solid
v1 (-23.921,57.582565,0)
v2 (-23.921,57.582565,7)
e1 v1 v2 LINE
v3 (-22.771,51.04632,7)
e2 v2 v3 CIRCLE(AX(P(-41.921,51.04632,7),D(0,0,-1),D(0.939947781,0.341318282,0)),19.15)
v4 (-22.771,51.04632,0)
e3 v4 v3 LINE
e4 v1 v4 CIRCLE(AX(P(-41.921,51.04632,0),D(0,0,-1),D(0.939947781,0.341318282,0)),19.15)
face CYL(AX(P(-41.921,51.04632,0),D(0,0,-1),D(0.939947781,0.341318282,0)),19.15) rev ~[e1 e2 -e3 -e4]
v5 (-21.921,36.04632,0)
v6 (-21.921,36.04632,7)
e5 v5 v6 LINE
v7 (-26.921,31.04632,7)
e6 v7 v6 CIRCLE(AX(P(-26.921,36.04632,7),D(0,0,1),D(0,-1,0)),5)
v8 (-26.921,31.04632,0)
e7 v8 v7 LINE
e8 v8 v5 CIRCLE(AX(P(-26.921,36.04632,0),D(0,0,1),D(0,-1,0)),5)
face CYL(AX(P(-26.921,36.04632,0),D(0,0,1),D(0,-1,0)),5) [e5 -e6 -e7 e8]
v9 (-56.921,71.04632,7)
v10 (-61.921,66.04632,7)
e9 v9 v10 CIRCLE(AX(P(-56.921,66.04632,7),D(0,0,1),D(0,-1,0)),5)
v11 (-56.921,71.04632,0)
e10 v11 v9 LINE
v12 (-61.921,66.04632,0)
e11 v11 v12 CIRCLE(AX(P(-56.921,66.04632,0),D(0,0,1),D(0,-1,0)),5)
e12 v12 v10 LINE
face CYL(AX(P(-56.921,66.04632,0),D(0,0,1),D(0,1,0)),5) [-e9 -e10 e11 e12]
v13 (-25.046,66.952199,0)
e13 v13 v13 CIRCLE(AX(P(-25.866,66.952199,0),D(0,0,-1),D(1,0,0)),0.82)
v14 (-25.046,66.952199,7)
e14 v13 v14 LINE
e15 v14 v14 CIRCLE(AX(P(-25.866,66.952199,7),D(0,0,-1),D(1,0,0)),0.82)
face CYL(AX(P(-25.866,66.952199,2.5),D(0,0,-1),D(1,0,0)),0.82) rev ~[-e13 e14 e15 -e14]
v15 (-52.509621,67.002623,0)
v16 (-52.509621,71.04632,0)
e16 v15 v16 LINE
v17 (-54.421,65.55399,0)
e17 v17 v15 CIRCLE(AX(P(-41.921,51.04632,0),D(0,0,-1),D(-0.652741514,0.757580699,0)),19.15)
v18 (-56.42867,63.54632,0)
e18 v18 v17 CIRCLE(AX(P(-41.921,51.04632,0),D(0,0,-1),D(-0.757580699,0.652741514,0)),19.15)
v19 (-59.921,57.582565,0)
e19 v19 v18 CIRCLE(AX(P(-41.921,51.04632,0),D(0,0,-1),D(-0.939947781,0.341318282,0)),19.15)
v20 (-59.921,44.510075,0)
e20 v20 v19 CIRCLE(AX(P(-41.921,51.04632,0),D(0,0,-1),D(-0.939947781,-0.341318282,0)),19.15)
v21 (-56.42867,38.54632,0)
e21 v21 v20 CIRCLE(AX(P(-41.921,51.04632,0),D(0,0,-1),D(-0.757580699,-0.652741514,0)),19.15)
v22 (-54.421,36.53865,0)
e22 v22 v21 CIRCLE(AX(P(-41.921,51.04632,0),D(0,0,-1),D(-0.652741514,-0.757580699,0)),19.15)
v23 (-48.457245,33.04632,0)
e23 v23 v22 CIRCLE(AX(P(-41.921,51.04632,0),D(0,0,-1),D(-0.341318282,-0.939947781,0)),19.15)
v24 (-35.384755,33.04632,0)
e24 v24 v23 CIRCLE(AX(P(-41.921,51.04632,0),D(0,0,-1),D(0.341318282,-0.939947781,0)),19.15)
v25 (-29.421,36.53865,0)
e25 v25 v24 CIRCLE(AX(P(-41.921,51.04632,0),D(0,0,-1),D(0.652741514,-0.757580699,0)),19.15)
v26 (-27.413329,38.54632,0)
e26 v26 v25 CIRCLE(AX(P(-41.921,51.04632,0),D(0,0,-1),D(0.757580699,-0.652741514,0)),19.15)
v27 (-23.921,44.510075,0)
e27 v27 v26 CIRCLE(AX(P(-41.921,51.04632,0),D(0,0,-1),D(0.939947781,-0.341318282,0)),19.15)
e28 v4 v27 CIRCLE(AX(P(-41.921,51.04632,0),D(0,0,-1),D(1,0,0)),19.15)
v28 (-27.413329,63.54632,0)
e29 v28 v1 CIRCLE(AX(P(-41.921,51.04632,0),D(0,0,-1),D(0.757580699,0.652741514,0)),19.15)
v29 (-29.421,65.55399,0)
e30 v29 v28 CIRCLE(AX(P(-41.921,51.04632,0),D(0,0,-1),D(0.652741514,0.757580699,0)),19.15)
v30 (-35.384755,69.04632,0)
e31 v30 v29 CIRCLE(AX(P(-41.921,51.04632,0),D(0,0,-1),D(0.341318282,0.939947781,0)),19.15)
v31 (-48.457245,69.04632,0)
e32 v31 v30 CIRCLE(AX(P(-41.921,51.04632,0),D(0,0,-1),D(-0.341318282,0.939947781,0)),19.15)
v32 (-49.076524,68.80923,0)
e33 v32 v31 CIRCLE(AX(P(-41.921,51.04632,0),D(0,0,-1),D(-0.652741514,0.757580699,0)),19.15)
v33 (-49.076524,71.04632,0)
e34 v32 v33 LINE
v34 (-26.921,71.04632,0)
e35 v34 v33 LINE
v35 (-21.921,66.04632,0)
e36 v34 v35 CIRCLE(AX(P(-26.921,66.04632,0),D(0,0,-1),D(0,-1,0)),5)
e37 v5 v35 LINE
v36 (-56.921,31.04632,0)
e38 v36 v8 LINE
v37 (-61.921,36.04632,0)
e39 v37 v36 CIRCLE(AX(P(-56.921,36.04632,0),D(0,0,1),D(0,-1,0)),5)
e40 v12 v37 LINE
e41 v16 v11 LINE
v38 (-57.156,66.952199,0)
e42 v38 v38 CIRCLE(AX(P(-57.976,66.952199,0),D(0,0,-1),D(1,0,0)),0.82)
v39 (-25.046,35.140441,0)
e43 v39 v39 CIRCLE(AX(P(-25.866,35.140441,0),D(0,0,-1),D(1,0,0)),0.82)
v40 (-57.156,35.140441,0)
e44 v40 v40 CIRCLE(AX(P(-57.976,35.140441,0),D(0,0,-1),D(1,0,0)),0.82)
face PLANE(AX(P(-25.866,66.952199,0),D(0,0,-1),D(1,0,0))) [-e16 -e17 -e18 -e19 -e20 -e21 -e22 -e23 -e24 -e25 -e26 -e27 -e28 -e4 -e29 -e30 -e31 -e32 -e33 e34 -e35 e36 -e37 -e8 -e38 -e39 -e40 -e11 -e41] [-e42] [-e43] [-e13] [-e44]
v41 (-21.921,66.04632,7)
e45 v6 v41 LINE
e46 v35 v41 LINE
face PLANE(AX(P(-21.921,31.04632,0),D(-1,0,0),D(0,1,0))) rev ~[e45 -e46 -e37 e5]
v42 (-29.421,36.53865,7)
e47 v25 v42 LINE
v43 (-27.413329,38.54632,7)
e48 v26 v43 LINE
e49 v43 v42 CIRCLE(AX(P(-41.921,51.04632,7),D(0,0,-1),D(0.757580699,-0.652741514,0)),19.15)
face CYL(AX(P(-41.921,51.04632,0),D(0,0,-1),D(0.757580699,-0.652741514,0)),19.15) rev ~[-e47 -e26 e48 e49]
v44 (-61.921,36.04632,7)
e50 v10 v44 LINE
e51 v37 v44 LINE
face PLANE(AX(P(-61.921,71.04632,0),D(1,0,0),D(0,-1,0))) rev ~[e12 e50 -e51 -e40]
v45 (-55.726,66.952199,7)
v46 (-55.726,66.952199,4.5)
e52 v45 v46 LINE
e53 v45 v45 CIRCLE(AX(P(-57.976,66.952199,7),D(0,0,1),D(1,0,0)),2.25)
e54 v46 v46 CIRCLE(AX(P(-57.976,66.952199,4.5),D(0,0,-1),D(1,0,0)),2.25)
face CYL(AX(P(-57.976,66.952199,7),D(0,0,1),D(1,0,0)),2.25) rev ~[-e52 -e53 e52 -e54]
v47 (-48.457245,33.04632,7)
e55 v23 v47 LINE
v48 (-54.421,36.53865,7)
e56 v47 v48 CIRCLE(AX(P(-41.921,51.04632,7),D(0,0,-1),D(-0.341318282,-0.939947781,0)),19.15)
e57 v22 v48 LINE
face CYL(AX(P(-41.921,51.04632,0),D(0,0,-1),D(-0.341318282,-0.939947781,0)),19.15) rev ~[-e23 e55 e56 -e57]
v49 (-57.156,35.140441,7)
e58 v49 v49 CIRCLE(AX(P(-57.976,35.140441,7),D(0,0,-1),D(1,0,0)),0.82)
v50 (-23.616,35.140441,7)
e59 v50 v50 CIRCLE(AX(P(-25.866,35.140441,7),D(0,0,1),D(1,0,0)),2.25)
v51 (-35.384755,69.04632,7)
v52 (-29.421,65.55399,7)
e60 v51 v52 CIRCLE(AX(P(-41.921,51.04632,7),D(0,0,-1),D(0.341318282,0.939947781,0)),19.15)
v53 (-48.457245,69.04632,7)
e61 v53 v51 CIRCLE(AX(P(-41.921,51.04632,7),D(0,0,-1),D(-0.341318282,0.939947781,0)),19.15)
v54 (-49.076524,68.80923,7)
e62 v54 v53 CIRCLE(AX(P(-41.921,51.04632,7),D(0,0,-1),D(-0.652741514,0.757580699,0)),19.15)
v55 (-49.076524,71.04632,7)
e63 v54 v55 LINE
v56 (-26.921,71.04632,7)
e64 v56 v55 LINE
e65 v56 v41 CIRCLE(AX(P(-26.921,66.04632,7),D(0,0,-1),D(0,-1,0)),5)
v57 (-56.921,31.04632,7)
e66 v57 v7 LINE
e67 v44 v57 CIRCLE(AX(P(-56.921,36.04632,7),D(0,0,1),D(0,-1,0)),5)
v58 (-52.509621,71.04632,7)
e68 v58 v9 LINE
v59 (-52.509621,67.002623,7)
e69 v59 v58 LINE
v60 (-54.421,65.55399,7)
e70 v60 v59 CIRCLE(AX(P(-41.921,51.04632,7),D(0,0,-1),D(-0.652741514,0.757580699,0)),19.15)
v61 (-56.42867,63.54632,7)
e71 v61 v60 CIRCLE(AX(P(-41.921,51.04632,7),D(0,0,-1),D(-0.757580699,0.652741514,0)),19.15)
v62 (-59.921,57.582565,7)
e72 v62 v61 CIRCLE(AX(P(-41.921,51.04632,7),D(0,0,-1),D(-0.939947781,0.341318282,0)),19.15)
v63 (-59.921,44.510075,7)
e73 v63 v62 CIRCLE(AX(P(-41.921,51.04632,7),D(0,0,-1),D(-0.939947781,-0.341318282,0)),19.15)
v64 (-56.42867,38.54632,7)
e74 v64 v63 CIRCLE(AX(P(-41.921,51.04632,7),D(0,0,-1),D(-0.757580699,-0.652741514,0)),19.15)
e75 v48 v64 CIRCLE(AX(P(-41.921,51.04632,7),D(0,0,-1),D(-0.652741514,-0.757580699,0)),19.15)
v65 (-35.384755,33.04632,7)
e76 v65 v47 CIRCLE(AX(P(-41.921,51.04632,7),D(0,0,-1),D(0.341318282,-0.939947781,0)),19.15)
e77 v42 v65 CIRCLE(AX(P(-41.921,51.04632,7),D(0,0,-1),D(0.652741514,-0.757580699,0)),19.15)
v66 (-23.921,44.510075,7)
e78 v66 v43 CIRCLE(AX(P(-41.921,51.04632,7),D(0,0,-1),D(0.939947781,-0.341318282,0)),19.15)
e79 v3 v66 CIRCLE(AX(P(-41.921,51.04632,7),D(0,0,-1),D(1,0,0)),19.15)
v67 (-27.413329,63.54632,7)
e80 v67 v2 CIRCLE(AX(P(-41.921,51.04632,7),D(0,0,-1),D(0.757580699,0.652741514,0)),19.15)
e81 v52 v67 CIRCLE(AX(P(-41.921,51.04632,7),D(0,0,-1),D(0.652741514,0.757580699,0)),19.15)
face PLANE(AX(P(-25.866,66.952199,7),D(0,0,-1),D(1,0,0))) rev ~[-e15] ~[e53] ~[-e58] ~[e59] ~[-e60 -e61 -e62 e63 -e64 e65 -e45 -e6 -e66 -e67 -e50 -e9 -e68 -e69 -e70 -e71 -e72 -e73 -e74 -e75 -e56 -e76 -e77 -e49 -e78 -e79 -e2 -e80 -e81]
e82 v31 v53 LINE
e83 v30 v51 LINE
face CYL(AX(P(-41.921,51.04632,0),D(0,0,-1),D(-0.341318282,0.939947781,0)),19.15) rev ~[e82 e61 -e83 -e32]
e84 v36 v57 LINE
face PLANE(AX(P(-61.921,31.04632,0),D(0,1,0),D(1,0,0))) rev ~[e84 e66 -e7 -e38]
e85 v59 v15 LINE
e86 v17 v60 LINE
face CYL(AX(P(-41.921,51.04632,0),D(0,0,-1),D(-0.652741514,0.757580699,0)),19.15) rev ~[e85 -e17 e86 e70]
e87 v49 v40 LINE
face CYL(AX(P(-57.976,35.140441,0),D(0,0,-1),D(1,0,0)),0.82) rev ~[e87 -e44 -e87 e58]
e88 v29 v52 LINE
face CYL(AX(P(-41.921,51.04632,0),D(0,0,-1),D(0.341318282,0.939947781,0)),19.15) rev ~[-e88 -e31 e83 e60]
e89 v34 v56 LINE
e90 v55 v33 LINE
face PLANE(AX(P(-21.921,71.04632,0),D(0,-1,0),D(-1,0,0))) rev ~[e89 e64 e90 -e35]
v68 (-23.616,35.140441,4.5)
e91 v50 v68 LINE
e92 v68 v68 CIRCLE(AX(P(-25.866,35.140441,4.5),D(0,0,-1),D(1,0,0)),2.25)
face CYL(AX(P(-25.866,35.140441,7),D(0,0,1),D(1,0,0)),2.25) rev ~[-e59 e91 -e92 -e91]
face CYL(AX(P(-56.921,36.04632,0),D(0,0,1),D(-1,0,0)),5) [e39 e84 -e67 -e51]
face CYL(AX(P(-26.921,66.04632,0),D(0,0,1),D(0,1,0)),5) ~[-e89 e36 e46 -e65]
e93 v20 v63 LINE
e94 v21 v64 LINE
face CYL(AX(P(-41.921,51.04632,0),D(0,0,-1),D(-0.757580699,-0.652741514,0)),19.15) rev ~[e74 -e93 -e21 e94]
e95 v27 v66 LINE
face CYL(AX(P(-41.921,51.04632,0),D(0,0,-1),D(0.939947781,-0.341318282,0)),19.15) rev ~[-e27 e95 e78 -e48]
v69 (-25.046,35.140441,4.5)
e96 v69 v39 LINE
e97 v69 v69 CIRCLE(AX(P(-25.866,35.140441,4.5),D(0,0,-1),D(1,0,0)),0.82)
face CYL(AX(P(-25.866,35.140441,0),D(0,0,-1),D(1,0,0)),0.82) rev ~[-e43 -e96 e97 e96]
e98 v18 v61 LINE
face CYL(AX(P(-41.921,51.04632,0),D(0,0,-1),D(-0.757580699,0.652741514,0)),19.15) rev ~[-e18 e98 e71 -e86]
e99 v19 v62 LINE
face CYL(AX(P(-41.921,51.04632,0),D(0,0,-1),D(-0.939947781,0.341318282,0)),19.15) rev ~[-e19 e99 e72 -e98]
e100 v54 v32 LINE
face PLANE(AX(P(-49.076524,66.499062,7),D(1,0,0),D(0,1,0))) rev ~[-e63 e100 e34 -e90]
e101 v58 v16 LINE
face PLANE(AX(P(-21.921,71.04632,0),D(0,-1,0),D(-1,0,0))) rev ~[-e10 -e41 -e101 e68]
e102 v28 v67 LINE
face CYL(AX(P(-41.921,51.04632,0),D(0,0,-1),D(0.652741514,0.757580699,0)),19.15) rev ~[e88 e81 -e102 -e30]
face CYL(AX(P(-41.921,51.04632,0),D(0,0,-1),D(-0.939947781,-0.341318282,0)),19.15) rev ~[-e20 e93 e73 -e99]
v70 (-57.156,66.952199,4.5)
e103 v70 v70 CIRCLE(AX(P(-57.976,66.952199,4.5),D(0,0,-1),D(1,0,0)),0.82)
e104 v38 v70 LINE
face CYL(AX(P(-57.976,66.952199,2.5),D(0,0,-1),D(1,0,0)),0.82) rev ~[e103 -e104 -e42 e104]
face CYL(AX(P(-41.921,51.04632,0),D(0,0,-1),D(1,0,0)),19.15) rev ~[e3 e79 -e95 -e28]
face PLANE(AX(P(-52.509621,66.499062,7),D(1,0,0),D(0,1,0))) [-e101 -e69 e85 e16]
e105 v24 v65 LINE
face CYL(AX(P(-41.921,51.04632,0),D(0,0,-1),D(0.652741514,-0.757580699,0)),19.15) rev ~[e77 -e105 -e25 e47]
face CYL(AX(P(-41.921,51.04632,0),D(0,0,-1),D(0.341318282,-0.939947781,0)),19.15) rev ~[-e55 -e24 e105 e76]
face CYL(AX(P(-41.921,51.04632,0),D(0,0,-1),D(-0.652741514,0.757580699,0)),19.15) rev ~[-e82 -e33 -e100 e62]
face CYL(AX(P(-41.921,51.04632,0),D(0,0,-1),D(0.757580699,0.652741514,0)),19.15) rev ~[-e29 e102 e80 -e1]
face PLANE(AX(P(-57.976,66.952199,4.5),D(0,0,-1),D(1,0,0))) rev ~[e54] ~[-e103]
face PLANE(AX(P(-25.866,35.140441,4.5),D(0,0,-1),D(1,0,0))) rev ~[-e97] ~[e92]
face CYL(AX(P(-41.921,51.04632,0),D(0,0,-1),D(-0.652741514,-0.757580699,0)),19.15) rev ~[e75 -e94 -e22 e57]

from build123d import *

# Parameters (mm, degrees)
F0_R      = 2
F1_DEPTH  = 7
F2_R      = 5
F3_W      = 3.4330971539
F3_H      = 4.5472582311
F4_DEPTH  = 25
F5_R      = 2.25
F6_DEPTH  = 25
F7_R      = 2.25
F7_R_2    = 0.82
F8_DEPTH  = 2.5
F9_DEPTH  = 4.5
F10_DEPTH = 2


with BuildPart() as f1:
    # F0 (on Top) → F1 (new body)
    with BuildSketch(Plane.XY):
        with BuildLine():
            Line((-23.9209998254, 63.5463201136), (-21.9209998254, 63.5463201136))
            Line((-21.9209998254, 63.5463201136), (-21.9209998254, 71.0463201136))
            Line((-21.9209998254, 71.0463201136), (-29.4209998254, 71.0463201136))
            Line((-29.4209998254, 71.0463201136), (-29.4209998254, 69.0463201136))
            Line((-29.4209998254, 69.0463201136), (-29.4209998254, 65.5539904986))
            ThreePointArc((-29.4209998254, 65.5539904986), (-28.3799049656, 64.5874149733), (-27.4133294404, 63.5463201136))
            Line((-27.4133294404, 63.5463201136), (-23.9209998254, 63.5463201136))
        make_face()
        with Locations((-25.8659998254, 66.9521987438)):
            Circle(F0_R, mode=Mode.SUBTRACT)
        with BuildLine():
            Line((-29.4209998254, 65.5539904986), (-29.4209998254, 69.0463201136))
            Line((-29.4209998254, 69.0463201136), (-35.3847547259, 69.0463201136))
            ThreePointArc((-35.3847547259, 69.0463201136), (-32.244029824, 67.5714147152), (-29.4209998254, 65.5539904986))
        make_face()
        with BuildLine():
            Line((-29.4209998254, 69.0463201136), (-29.4209998254, 71.0463201136))
            Line((-29.4209998254, 71.0463201136), (-54.4209998254, 71.0463201136))
            Line((-54.4209998254, 71.0463201136), (-54.4209998254, 69.0463201136))
            Line((-54.4209998254, 69.0463201136), (-48.4572449248, 69.0463201136))
            ThreePointArc((-48.4572449248, 69.0463201136), (-41.9209998254, 70.1963201136), (-35.3847547259, 69.0463201136))
            Line((-35.3847547259, 69.0463201136), (-29.4209998254, 69.0463201136))
        make_face()
        with BuildLine():
            Line((-48.4572449248, 69.0463201136), (-54.4209998254, 69.0463201136))
            Line((-54.4209998254, 69.0463201136), (-54.4209998254, 65.5539904986))
            ThreePointArc((-54.4209998254, 65.5539904986), (-51.5979698267, 67.5714147152), (-48.4572449248, 69.0463201136))
        make_face()
        with BuildLine():
            Line((-61.9209998254, 71.0463201136), (-61.9209998254, 63.5463201136))
            Line((-61.9209998254, 63.5463201136), (-59.9209998254, 63.5463201136))
            Line((-59.9209998254, 63.5463201136), (-56.4286702104, 63.5463201136))
            ThreePointArc((-56.4286702104, 63.5463201136), (-55.4620946851, 64.5874149733), (-54.4209998254, 65.5539904986))
            Line((-54.4209998254, 65.5539904986), (-54.4209998254, 69.0463201136))
            Line((-54.4209998254, 69.0463201136), (-54.4209998254, 71.0463201136))
            Line((-54.4209998254, 71.0463201136), (-61.9209998254, 71.0463201136))
        make_face()
        with Locations((-57.9759998254, 66.9521987438)):
            Circle(F0_R, mode=Mode.SUBTRACT)
        with BuildLine():
            Line((-56.4286702104, 63.5463201136), (-59.9209998254, 63.5463201136))
            Line((-59.9209998254, 63.5463201136), (-59.9209998254, 57.582565213))
            ThreePointArc((-59.9209998254, 57.582565213), (-58.446094427, 60.7232901149), (-56.4286702104, 63.5463201136))
        make_face()
        with BuildLine():
            Line((-61.9209998254, 63.5463201136), (-61.9209998254, 38.5463201136))
            Line((-61.9209998254, 38.5463201136), (-59.9209998254, 38.5463201136))
            Line((-59.9209998254, 38.5463201136), (-59.9209998254, 44.5100750141))
            ThreePointArc((-59.9209998254, 44.5100750141), (-61.0709998254, 51.0463201136), (-59.9209998254, 57.582565213))
            Line((-59.9209998254, 57.582565213), (-59.9209998254, 63.5463201136))
            Line((-59.9209998254, 63.5463201136), (-61.9209998254, 63.5463201136))
        make_face()
        with BuildLine():
            Line((-59.9209998254, 44.5100750141), (-59.9209998254, 38.5463201136))
            Line((-59.9209998254, 38.5463201136), (-56.4286702104, 38.5463201136))
            ThreePointArc((-56.4286702104, 38.5463201136), (-58.446094427, 41.3693501123), (-59.9209998254, 44.5100750141))
        make_face()
        with BuildLine():
            Line((-61.9209998254, 31.0463201136), (-54.4209998254, 31.0463201136))
            Line((-54.4209998254, 31.0463201136), (-54.4209998254, 33.0463201136))
            Line((-54.4209998254, 33.0463201136), (-54.4209998254, 36.5386497286))
            ThreePointArc((-54.4209998254, 36.5386497286), (-55.4620946851, 37.5052252539), (-56.4286702104, 38.5463201136))
            Line((-56.4286702104, 38.5463201136), (-59.9209998254, 38.5463201136))
            Line((-59.9209998254, 38.5463201136), (-61.9209998254, 38.5463201136))
            Line((-61.9209998254, 38.5463201136), (-61.9209998254, 31.0463201136))
        make_face()
        with Locations((-57.9759998254, 35.1404414833)):
            Circle(F0_R, mode=Mode.SUBTRACT)
        with BuildLine():
            Line((-54.4209998254, 36.5386497286), (-54.4209998254, 33.0463201136))
            Line((-54.4209998254, 33.0463201136), (-48.4572449248, 33.0463201136))
            ThreePointArc((-48.4572449248, 33.0463201136), (-51.5979698267, 34.5212255119), (-54.4209998254, 36.5386497286))
        make_face()
        with BuildLine():
            Line((-54.4209998254, 31.0463201136), (-29.4209998254, 31.0463201136))
            Line((-29.4209998254, 31.0463201136), (-29.4209998254, 33.0463201136))
            Line((-29.4209998254, 33.0463201136), (-35.3847547259, 33.0463201136))
            ThreePointArc((-35.3847547259, 33.0463201136), (-41.9209998254, 31.8963201136), (-48.4572449248, 33.0463201136))
            Line((-48.4572449248, 33.0463201136), (-54.4209998254, 33.0463201136))
            Line((-54.4209998254, 33.0463201136), (-54.4209998254, 31.0463201136))
        make_face()
        with BuildLine():
            Line((-35.3847547259, 33.0463201136), (-29.4209998254, 33.0463201136))
            Line((-29.4209998254, 33.0463201136), (-29.4209998254, 36.5386497286))
            ThreePointArc((-29.4209998254, 36.5386497286), (-32.244029824, 34.5212255119), (-35.3847547259, 33.0463201136))
        make_face()
        with BuildLine():
            Line((-29.4209998254, 31.0463201136), (-21.9209998254, 31.0463201136))
            Line((-21.9209998254, 31.0463201136), (-21.9209998254, 38.5463201136))
            Line((-21.9209998254, 38.5463201136), (-23.9209998254, 38.5463201136))
            Line((-23.9209998254, 38.5463201136), (-27.4133294404, 38.5463201136))
            ThreePointArc((-27.4133294404, 38.5463201136), (-28.3799049656, 37.5052252539), (-29.4209998254, 36.5386497286))
            Line((-29.4209998254, 36.5386497286), (-29.4209998254, 33.0463201136))
            Line((-29.4209998254, 33.0463201136), (-29.4209998254, 31.0463201136))
        make_face()
        with Locations((-25.8659998254, 35.1404414833)):
            Circle(F0_R, mode=Mode.SUBTRACT)
        with BuildLine():
            Line((-27.4133294404, 38.5463201136), (-23.9209998254, 38.5463201136))
            Line((-23.9209998254, 38.5463201136), (-23.9209998254, 44.5100750141))
            ThreePointArc((-23.9209998254, 44.5100750141), (-25.3959052237, 41.3693501123), (-27.4133294404, 38.5463201136))
        make_face()
        with BuildLine():
            Line((-23.9209998254, 38.5463201136), (-21.9209998254, 38.5463201136))
            Line((-21.9209998254, 38.5463201136), (-21.9209998254, 63.5463201136))
            Line((-21.9209998254, 63.5463201136), (-23.9209998254, 63.5463201136))
            Line((-23.9209998254, 63.5463201136), (-23.9209998254, 57.582565213))
            ThreePointArc((-23.9209998254, 57.582565213), (-23.0606909732, 54.3646404718), (-22.7709998254, 51.0463201136))
            ThreePointArc((-22.7709998254, 51.0463201136), (-23.0606909732, 47.7279997553), (-23.9209998254, 44.5100750141))
            Line((-23.9209998254, 44.5100750141), (-23.9209998254, 38.5463201136))
        make_face()
        with BuildLine():
            Line((-23.9209998254, 57.582565213), (-23.9209998254, 63.5463201136))
            Line((-23.9209998254, 63.5463201136), (-27.4133294404, 63.5463201136))
            ThreePointArc((-27.4133294404, 63.5463201136), (-25.3959052237, 60.7232901149), (-23.9209998254, 57.582565213))
        make_face()
    extrude(amount=F1_DEPTH)

    # F2
    f2_edges = [f1.edges().sort_by_distance(p)[0] for p in [
        (-21.921, 31.04632, 3.5),
        (-61.921, 31.04632, 3.5),
        (-21.921, 71.04632, 3.5),
        (-61.921, 71.04632, 3.5),
    ]]
    fillet(f2_edges, radius=F2_R)

    # F3 (on face) → F4 (cut)
    with BuildSketch(Plane.XY.offset(7)):
        with Locations((-50.7930722088, 68.772690998)):
            Rectangle(F3_W, F3_H)
    extrude(amount=-F4_DEPTH, mode=Mode.SUBTRACT)

    # F5 (on face) → F6 (cut)
    with BuildSketch(Plane.XY.offset(7)):
        with Locations((-57.9759998254, 66.9521987438)):
            Circle(F5_R)
        with Locations((-25.8659998254, 66.9521987438)):
            Circle(F5_R)
        with Locations((-25.8659998254, 35.1404414833)):
            Circle(F5_R)
        with Locations((-57.9759998254, 35.1404414833)):
            Circle(F5_R)
    extrude(amount=-F6_DEPTH, mode=Mode.SUBTRACT)

    # F7 (on face) → F8 (join)
    with BuildSketch(Plane(origin=(0, 0, 0), x_dir=(1, 0, 0), z_dir=(0, 0, -1))):
        with Locations((-25.8659998254, -66.9521987438)):
            Circle(F7_R)
        with Locations((-25.8659998254, -66.9521987438)):
            Circle(F7_R_2, mode=Mode.SUBTRACT)
        with Locations((-57.9759998254, -66.9521987438)):
            Circle(F7_R)
        with Locations((-57.9759998254, -66.9521987438)):
            Circle(F7_R_2, mode=Mode.SUBTRACT)
        with Locations((-57.9759998254, -35.1404414833)):
            Circle(F7_R)
        with Locations((-57.9759998254, -35.1404414833)):
            Circle(F7_R_2, mode=Mode.SUBTRACT)
        with Locations((-25.8659998254, -35.1404414833)):
            Circle(F7_R)
        with Locations((-25.8659998254, -35.1404414833)):
            Circle(F7_R_2, mode=Mode.SUBTRACT)
    extrude(amount=-F8_DEPTH)

    # F9 (add): faces of the model
    f9_faces = [f1.faces().sort_by_distance(p)[0] for p in [
        (-28.0523602151, 66.9521987438, 2.5),
        (-60.1623602151, 35.1404414833, 2.5),
    ]]
    extrude(f9_faces, amount=F9_DEPTH)

    # F10 (add): faces of the model
    f10_faces = [f1.faces().sort_by_distance(p)[0] for p in [
        (-60.1623602151, 66.9521987438, 2.5),
        (-28.0523602151, 35.1404414833, 2.5),
    ]]
    extrude(f10_faces, amount=F10_DEPTH)


solid = f1.part
